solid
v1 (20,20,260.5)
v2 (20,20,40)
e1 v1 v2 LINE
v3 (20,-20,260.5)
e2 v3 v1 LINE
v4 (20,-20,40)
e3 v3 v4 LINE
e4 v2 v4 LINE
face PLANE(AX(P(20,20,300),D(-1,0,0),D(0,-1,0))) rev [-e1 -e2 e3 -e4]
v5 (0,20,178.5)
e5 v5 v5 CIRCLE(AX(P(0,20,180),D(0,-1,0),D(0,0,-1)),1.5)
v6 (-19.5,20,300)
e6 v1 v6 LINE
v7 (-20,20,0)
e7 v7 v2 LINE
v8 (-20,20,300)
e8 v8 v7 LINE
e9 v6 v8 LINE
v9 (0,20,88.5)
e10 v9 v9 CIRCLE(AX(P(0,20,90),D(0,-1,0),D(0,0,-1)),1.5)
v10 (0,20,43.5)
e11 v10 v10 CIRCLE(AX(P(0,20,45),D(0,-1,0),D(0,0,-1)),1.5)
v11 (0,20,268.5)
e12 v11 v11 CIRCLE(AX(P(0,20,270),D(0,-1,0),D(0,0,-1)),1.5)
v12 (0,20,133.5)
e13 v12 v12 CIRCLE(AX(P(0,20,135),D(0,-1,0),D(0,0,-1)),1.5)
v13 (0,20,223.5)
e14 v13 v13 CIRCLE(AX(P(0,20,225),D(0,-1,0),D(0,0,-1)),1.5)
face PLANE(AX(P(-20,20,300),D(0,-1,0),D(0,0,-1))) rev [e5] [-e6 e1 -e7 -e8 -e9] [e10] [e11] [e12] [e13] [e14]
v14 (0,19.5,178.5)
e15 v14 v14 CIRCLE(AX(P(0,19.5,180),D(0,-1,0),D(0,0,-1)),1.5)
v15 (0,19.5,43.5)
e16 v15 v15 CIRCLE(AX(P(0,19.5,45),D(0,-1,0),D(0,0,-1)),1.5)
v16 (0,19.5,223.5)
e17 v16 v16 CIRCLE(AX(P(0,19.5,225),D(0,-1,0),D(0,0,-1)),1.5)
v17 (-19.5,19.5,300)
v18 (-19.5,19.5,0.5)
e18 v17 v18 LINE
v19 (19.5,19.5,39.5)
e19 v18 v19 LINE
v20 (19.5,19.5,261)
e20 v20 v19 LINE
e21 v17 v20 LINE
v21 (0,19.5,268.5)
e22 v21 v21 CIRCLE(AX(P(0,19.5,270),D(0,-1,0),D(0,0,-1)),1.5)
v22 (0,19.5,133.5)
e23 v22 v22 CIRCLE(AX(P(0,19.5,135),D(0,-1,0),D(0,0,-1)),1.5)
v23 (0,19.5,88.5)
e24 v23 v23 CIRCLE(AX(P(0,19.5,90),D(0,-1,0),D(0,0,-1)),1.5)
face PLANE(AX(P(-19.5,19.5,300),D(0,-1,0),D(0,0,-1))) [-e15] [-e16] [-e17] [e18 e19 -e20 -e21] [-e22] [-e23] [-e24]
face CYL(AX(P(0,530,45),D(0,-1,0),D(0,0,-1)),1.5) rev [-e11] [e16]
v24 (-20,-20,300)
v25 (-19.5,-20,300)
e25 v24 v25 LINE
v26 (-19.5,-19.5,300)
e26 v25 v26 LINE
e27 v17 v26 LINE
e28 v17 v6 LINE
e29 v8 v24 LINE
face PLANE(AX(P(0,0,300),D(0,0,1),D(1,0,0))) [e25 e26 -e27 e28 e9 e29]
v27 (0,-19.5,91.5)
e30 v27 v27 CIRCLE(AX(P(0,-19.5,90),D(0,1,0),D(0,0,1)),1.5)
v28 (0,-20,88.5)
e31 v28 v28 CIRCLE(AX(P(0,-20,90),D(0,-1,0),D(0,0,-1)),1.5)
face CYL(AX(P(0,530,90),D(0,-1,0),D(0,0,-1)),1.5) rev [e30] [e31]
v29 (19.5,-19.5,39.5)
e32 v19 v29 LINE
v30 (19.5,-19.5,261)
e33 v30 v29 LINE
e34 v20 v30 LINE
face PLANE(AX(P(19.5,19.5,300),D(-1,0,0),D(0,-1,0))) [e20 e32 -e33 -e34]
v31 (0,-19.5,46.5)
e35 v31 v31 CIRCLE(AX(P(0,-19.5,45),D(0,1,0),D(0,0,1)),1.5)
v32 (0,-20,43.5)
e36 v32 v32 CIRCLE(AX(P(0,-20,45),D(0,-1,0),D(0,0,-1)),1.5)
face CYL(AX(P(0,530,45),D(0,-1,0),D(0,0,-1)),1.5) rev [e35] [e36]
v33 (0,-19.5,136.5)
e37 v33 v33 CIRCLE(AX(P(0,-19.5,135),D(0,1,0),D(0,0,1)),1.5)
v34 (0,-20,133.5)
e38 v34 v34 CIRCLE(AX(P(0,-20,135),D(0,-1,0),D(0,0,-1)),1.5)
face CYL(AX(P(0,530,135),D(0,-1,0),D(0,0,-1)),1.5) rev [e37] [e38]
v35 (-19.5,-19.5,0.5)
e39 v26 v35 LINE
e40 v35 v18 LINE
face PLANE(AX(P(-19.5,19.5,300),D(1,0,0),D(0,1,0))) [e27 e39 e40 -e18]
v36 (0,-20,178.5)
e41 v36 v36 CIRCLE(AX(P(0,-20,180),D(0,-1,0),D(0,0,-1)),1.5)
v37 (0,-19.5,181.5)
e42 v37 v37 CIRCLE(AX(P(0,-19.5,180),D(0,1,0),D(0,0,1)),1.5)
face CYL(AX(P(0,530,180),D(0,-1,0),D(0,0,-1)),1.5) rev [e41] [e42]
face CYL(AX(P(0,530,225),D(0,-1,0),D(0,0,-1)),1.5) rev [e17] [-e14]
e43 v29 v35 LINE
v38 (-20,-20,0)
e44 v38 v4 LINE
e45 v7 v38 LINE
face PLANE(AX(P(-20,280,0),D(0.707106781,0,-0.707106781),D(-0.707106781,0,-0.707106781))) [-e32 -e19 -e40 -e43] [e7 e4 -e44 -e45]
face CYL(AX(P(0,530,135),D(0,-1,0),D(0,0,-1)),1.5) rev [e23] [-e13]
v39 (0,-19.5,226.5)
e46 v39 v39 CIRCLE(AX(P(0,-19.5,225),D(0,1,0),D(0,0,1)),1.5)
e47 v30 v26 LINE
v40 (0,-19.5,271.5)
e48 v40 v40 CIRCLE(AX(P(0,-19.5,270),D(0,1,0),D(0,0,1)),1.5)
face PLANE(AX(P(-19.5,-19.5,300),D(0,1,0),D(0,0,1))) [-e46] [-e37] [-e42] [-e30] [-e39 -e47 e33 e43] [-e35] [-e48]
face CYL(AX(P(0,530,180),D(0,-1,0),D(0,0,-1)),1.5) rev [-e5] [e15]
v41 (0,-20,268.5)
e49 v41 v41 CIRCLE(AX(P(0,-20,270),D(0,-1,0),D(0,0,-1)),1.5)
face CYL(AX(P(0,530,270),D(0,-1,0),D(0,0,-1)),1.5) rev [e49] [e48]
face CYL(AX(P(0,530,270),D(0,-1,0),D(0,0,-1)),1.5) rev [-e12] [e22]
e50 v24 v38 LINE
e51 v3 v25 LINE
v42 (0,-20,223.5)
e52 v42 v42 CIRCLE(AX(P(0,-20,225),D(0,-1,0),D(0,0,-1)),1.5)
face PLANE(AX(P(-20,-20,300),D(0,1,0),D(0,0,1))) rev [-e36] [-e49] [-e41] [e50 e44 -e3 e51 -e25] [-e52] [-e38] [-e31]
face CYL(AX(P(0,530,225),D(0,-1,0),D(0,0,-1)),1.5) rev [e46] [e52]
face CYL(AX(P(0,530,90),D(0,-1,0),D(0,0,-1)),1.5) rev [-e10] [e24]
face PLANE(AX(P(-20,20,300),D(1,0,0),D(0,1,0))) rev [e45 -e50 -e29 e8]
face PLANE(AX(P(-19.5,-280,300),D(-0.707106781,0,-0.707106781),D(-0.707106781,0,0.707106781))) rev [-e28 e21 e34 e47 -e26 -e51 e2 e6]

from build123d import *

# Parameters (mm, degrees)
CROQUIS1_W              = 40
CROQUIS1_H              = 40
CROQUIS1_W_2            = 39
CROQUIS1_H_2            = 39
SALIENTE_EXTRUIR2_DEPTH = 300
CORTAR_EXTRUIR1_DEPTH   = 300
CORTAR_EXTRUIR2_DEPTH   = 300
CROQUIS4_R              = 1.5
CORTAR_EXTRUIR3_DEPTH   = 550


with BuildPart() as part:
    # Croquis1 → Saliente-Extruir2 (new body)
    with BuildSketch(Plane.XY):
        Rectangle(CROQUIS1_W, CROQUIS1_H)
        Rectangle(CROQUIS1_W_2, CROQUIS1_H_2, mode=Mode.SUBTRACT)
    extrude(amount=SALIENTE_EXTRUIR2_DEPTH)

    # Croquis2 → Cortar-Extruir1 (cut)
    with BuildSketch(Plane(origin=(0, 20, 0), x_dir=(1, 0, 0), z_dir=(0, 1, 0))):
        Polygon((-19.5, -300), (20, -260.5), (20, -300), align=None)
    extrude(amount=-CORTAR_EXTRUIR1_DEPTH, mode=Mode.SUBTRACT)

    # Croquis3 → Cortar-Extruir2 (cut)
    with BuildSketch(Plane.XZ.offset(20)):
        Polygon((-20, 0), (20, 40), (20, 0), align=None)
    extrude(amount=-CORTAR_EXTRUIR2_DEPTH, mode=Mode.SUBTRACT)

    # Croquis4 → Cortar-Extruir3 (cut)
    with BuildSketch(Plane.XZ.offset(20)):
        with Locations(Location((0, 45, 0), (0, 0, 270))):
            Circle(CROQUIS4_R)
        with Locations(Location((0, 90, 0), (0, 0, 270))):
            Circle(CROQUIS4_R)
        with Locations(Location((0, 135, 0), (0, 0, 270))):
            Circle(CROQUIS4_R)
        with Locations(Location((0, 180, 0), (0, 0, 270))):
            Circle(CROQUIS4_R)
        with Locations(Location((0, 225, 0), (0, 0, 270))):
            Circle(CROQUIS4_R)
        with Locations(Location((0, 270, 0), (0, 0, 270))):
            Circle(CROQUIS4_R)
    extrude(amount=-CORTAR_EXTRUIR3_DEPTH, mode=Mode.SUBTRACT)


solid = part.part
